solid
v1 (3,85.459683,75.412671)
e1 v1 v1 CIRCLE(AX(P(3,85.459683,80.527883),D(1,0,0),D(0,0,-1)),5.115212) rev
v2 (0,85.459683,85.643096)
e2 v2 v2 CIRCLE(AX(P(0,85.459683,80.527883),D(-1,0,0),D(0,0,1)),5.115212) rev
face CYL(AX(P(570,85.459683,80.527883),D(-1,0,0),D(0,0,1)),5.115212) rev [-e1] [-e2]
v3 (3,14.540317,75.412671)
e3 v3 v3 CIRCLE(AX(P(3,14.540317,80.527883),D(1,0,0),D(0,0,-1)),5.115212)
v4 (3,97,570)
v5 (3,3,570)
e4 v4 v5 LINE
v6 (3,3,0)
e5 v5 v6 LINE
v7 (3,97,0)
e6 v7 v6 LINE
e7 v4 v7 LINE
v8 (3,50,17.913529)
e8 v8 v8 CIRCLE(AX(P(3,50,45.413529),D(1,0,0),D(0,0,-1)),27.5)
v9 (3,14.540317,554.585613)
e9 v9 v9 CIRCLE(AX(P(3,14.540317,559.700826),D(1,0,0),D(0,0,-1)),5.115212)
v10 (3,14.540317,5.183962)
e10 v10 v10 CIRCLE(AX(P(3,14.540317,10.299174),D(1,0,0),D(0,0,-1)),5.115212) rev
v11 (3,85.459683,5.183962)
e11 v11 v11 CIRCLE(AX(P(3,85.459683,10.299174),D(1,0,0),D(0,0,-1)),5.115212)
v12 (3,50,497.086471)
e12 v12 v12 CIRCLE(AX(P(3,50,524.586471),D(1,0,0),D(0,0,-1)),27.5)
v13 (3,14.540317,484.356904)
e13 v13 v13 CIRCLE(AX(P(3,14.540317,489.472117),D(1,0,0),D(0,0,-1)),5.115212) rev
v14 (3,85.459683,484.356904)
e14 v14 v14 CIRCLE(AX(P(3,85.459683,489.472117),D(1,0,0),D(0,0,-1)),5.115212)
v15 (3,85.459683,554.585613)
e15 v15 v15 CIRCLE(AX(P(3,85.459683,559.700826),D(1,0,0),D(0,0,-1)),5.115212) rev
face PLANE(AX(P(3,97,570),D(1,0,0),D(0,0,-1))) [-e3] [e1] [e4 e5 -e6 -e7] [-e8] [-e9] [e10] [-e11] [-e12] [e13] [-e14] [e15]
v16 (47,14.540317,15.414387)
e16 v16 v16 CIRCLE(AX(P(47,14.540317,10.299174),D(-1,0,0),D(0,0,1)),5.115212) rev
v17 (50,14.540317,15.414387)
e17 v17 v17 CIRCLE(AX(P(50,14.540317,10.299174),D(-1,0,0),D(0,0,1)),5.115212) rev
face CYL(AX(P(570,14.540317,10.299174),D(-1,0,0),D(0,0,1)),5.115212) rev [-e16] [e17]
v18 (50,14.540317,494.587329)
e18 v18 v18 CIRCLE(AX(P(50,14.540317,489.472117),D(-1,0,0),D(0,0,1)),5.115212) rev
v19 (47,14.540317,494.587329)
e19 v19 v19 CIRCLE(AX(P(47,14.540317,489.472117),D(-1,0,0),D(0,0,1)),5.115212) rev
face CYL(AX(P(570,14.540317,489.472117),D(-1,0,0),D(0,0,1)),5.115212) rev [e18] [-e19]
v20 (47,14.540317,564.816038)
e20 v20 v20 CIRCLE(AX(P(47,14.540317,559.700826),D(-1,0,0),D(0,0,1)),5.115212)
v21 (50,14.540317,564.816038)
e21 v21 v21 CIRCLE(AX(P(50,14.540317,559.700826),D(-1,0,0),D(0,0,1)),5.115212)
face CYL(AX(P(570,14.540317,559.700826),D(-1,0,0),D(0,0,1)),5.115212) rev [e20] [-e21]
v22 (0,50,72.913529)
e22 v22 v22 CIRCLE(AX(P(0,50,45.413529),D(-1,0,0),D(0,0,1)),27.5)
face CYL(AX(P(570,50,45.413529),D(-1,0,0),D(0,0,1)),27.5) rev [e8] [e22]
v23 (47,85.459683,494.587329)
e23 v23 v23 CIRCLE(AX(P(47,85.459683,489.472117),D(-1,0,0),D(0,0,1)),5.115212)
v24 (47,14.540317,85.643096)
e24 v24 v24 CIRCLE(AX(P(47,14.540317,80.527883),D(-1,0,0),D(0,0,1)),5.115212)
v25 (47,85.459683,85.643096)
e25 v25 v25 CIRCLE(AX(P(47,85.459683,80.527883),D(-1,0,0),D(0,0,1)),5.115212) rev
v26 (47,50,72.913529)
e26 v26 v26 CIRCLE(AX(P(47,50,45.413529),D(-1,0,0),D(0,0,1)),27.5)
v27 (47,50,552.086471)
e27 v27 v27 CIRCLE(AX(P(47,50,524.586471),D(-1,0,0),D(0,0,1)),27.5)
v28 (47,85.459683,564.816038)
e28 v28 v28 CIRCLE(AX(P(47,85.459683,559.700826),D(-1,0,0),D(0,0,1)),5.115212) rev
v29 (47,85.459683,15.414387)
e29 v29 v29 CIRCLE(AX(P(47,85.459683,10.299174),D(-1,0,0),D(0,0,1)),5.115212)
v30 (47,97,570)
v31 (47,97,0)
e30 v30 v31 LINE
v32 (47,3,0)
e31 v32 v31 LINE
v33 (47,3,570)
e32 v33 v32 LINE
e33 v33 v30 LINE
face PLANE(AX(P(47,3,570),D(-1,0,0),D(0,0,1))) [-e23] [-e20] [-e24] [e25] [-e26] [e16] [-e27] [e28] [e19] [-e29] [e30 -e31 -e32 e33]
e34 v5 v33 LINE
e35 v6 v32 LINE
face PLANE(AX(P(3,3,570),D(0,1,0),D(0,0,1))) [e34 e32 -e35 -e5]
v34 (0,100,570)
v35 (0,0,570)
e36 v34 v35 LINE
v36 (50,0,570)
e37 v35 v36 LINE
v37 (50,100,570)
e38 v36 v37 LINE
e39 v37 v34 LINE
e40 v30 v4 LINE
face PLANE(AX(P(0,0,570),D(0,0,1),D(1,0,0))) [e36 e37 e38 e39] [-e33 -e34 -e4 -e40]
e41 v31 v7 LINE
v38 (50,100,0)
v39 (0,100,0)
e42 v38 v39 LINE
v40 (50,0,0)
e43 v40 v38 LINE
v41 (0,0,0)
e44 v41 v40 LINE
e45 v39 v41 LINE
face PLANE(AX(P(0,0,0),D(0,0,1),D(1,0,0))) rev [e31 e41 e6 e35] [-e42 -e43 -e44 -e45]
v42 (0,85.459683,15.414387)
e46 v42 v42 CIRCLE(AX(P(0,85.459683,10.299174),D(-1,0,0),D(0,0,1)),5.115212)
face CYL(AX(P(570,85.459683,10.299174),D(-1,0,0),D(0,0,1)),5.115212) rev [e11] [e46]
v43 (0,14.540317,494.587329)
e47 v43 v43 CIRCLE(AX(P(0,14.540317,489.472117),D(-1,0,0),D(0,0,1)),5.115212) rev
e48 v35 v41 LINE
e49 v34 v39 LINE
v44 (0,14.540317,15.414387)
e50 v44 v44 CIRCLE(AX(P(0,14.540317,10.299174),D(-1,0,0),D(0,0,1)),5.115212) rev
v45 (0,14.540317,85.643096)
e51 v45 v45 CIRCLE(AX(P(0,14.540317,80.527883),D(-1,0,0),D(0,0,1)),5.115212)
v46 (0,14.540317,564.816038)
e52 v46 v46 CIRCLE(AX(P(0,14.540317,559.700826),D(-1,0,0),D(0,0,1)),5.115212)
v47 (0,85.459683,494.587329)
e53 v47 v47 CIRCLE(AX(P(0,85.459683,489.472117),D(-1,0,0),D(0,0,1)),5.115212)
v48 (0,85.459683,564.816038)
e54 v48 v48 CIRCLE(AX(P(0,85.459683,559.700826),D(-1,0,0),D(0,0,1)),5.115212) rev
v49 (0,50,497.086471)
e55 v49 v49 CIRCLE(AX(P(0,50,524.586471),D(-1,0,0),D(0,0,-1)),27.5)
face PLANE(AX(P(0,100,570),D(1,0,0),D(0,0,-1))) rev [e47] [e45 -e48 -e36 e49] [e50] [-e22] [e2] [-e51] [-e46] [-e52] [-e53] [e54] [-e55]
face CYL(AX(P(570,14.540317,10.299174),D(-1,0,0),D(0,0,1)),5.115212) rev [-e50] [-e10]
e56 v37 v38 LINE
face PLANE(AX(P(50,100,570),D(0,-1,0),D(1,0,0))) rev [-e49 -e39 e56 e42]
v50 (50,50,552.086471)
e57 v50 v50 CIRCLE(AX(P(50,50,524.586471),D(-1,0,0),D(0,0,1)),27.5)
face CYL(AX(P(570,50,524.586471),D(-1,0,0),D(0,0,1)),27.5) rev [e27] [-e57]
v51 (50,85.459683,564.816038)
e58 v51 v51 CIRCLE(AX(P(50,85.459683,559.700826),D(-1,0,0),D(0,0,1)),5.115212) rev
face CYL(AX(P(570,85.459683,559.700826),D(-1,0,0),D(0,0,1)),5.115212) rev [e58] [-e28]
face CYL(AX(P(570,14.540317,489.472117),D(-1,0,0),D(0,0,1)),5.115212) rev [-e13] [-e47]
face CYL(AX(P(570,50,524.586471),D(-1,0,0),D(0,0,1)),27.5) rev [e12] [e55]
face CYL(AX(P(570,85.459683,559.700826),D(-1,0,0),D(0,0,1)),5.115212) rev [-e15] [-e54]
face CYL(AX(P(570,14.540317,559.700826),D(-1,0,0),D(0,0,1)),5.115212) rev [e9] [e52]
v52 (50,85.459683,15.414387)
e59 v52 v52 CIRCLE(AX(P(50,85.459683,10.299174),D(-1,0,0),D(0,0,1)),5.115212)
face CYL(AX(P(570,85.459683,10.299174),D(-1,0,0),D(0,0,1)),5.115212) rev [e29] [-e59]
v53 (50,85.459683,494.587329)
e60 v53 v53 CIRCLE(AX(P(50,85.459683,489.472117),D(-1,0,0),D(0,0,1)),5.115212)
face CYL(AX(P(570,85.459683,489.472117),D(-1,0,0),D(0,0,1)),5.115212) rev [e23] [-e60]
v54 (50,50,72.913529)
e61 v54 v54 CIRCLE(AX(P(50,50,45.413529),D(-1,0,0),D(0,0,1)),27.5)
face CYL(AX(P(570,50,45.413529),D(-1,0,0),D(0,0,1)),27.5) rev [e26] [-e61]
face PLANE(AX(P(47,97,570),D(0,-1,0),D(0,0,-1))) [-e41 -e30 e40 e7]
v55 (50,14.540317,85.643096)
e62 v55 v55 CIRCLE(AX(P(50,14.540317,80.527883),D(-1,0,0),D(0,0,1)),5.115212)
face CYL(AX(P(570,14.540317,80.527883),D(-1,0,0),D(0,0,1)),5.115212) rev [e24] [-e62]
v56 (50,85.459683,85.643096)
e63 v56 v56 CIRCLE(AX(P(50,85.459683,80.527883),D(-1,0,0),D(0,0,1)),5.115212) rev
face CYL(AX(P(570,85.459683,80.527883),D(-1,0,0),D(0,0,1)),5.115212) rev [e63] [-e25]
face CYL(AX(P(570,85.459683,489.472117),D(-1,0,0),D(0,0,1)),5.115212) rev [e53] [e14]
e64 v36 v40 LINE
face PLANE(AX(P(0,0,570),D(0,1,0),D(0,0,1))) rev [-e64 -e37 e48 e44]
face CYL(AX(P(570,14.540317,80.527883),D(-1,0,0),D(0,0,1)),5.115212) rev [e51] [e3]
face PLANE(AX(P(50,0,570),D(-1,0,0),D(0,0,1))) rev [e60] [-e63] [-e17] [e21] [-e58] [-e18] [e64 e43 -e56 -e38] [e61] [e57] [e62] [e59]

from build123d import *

# Parameters (mm, degrees)
SKETCH1_W           = 50
SKETCH1_H           = 100
SKETCH1_W_2         = 44
SKETCH1_H_2         = 94
BOSS_EXTRUDE1_DEPTH = 570
SKETCH2_R           = 27.5
CUT_EXTRUDE1_DEPTH  = 570
SKETCH3_R           = 5.115212426
CUT_EXTRUDE2_DEPTH  = 570


with BuildPart() as part:
    # Sketch1 → Boss-Extrude1 (new body)
    with BuildSketch(Plane.XY):
        with Locations((25, 50)):
            Rectangle(SKETCH1_W, SKETCH1_H)
        with Locations((25, 50)):
            Rectangle(SKETCH1_W_2, SKETCH1_H_2, mode=Mode.SUBTRACT)
    extrude(amount=BOSS_EXTRUDE1_DEPTH)

    # Sketch2 → Cut-Extrude1 (cut)
    with BuildSketch(Plane.ZY):
        with Locations((45.413528793, 50)):
            Circle(SKETCH2_R)
        with Locations(Location((524.586471207, 50, 0), (0, 0, 180))):
            Circle(SKETCH2_R)
    extrude(amount=-CUT_EXTRUDE1_DEPTH, mode=Mode.SUBTRACT)

    # Sketch3 → Cut-Extrude2 (cut)
    with BuildSketch(Plane.ZY):
        with Locations((80.527883109, 85.459683227)):
            Circle(SKETCH3_R)
        with Locations((10.299174477, 14.540316773)):
            Circle(SKETCH3_R)
        with Locations((80.527883109, 14.540316773)):
            Circle(SKETCH3_R)
        with Locations((559.700825523, 85.459683227)):
            Circle(SKETCH3_R)
        with Locations((489.472116891, 85.459683227)):
            Circle(SKETCH3_R)
        with Locations((489.472116891, 14.540316773)):
            Circle(SKETCH3_R)
        with Locations((559.700825523, 14.540316773)):
            Circle(SKETCH3_R)
        with Locations((10.299174477, 85.459683227)):
            Circle(SKETCH3_R)
    extrude(amount=-CUT_EXTRUDE2_DEPTH, mode=Mode.SUBTRACT)


solid = part.part
